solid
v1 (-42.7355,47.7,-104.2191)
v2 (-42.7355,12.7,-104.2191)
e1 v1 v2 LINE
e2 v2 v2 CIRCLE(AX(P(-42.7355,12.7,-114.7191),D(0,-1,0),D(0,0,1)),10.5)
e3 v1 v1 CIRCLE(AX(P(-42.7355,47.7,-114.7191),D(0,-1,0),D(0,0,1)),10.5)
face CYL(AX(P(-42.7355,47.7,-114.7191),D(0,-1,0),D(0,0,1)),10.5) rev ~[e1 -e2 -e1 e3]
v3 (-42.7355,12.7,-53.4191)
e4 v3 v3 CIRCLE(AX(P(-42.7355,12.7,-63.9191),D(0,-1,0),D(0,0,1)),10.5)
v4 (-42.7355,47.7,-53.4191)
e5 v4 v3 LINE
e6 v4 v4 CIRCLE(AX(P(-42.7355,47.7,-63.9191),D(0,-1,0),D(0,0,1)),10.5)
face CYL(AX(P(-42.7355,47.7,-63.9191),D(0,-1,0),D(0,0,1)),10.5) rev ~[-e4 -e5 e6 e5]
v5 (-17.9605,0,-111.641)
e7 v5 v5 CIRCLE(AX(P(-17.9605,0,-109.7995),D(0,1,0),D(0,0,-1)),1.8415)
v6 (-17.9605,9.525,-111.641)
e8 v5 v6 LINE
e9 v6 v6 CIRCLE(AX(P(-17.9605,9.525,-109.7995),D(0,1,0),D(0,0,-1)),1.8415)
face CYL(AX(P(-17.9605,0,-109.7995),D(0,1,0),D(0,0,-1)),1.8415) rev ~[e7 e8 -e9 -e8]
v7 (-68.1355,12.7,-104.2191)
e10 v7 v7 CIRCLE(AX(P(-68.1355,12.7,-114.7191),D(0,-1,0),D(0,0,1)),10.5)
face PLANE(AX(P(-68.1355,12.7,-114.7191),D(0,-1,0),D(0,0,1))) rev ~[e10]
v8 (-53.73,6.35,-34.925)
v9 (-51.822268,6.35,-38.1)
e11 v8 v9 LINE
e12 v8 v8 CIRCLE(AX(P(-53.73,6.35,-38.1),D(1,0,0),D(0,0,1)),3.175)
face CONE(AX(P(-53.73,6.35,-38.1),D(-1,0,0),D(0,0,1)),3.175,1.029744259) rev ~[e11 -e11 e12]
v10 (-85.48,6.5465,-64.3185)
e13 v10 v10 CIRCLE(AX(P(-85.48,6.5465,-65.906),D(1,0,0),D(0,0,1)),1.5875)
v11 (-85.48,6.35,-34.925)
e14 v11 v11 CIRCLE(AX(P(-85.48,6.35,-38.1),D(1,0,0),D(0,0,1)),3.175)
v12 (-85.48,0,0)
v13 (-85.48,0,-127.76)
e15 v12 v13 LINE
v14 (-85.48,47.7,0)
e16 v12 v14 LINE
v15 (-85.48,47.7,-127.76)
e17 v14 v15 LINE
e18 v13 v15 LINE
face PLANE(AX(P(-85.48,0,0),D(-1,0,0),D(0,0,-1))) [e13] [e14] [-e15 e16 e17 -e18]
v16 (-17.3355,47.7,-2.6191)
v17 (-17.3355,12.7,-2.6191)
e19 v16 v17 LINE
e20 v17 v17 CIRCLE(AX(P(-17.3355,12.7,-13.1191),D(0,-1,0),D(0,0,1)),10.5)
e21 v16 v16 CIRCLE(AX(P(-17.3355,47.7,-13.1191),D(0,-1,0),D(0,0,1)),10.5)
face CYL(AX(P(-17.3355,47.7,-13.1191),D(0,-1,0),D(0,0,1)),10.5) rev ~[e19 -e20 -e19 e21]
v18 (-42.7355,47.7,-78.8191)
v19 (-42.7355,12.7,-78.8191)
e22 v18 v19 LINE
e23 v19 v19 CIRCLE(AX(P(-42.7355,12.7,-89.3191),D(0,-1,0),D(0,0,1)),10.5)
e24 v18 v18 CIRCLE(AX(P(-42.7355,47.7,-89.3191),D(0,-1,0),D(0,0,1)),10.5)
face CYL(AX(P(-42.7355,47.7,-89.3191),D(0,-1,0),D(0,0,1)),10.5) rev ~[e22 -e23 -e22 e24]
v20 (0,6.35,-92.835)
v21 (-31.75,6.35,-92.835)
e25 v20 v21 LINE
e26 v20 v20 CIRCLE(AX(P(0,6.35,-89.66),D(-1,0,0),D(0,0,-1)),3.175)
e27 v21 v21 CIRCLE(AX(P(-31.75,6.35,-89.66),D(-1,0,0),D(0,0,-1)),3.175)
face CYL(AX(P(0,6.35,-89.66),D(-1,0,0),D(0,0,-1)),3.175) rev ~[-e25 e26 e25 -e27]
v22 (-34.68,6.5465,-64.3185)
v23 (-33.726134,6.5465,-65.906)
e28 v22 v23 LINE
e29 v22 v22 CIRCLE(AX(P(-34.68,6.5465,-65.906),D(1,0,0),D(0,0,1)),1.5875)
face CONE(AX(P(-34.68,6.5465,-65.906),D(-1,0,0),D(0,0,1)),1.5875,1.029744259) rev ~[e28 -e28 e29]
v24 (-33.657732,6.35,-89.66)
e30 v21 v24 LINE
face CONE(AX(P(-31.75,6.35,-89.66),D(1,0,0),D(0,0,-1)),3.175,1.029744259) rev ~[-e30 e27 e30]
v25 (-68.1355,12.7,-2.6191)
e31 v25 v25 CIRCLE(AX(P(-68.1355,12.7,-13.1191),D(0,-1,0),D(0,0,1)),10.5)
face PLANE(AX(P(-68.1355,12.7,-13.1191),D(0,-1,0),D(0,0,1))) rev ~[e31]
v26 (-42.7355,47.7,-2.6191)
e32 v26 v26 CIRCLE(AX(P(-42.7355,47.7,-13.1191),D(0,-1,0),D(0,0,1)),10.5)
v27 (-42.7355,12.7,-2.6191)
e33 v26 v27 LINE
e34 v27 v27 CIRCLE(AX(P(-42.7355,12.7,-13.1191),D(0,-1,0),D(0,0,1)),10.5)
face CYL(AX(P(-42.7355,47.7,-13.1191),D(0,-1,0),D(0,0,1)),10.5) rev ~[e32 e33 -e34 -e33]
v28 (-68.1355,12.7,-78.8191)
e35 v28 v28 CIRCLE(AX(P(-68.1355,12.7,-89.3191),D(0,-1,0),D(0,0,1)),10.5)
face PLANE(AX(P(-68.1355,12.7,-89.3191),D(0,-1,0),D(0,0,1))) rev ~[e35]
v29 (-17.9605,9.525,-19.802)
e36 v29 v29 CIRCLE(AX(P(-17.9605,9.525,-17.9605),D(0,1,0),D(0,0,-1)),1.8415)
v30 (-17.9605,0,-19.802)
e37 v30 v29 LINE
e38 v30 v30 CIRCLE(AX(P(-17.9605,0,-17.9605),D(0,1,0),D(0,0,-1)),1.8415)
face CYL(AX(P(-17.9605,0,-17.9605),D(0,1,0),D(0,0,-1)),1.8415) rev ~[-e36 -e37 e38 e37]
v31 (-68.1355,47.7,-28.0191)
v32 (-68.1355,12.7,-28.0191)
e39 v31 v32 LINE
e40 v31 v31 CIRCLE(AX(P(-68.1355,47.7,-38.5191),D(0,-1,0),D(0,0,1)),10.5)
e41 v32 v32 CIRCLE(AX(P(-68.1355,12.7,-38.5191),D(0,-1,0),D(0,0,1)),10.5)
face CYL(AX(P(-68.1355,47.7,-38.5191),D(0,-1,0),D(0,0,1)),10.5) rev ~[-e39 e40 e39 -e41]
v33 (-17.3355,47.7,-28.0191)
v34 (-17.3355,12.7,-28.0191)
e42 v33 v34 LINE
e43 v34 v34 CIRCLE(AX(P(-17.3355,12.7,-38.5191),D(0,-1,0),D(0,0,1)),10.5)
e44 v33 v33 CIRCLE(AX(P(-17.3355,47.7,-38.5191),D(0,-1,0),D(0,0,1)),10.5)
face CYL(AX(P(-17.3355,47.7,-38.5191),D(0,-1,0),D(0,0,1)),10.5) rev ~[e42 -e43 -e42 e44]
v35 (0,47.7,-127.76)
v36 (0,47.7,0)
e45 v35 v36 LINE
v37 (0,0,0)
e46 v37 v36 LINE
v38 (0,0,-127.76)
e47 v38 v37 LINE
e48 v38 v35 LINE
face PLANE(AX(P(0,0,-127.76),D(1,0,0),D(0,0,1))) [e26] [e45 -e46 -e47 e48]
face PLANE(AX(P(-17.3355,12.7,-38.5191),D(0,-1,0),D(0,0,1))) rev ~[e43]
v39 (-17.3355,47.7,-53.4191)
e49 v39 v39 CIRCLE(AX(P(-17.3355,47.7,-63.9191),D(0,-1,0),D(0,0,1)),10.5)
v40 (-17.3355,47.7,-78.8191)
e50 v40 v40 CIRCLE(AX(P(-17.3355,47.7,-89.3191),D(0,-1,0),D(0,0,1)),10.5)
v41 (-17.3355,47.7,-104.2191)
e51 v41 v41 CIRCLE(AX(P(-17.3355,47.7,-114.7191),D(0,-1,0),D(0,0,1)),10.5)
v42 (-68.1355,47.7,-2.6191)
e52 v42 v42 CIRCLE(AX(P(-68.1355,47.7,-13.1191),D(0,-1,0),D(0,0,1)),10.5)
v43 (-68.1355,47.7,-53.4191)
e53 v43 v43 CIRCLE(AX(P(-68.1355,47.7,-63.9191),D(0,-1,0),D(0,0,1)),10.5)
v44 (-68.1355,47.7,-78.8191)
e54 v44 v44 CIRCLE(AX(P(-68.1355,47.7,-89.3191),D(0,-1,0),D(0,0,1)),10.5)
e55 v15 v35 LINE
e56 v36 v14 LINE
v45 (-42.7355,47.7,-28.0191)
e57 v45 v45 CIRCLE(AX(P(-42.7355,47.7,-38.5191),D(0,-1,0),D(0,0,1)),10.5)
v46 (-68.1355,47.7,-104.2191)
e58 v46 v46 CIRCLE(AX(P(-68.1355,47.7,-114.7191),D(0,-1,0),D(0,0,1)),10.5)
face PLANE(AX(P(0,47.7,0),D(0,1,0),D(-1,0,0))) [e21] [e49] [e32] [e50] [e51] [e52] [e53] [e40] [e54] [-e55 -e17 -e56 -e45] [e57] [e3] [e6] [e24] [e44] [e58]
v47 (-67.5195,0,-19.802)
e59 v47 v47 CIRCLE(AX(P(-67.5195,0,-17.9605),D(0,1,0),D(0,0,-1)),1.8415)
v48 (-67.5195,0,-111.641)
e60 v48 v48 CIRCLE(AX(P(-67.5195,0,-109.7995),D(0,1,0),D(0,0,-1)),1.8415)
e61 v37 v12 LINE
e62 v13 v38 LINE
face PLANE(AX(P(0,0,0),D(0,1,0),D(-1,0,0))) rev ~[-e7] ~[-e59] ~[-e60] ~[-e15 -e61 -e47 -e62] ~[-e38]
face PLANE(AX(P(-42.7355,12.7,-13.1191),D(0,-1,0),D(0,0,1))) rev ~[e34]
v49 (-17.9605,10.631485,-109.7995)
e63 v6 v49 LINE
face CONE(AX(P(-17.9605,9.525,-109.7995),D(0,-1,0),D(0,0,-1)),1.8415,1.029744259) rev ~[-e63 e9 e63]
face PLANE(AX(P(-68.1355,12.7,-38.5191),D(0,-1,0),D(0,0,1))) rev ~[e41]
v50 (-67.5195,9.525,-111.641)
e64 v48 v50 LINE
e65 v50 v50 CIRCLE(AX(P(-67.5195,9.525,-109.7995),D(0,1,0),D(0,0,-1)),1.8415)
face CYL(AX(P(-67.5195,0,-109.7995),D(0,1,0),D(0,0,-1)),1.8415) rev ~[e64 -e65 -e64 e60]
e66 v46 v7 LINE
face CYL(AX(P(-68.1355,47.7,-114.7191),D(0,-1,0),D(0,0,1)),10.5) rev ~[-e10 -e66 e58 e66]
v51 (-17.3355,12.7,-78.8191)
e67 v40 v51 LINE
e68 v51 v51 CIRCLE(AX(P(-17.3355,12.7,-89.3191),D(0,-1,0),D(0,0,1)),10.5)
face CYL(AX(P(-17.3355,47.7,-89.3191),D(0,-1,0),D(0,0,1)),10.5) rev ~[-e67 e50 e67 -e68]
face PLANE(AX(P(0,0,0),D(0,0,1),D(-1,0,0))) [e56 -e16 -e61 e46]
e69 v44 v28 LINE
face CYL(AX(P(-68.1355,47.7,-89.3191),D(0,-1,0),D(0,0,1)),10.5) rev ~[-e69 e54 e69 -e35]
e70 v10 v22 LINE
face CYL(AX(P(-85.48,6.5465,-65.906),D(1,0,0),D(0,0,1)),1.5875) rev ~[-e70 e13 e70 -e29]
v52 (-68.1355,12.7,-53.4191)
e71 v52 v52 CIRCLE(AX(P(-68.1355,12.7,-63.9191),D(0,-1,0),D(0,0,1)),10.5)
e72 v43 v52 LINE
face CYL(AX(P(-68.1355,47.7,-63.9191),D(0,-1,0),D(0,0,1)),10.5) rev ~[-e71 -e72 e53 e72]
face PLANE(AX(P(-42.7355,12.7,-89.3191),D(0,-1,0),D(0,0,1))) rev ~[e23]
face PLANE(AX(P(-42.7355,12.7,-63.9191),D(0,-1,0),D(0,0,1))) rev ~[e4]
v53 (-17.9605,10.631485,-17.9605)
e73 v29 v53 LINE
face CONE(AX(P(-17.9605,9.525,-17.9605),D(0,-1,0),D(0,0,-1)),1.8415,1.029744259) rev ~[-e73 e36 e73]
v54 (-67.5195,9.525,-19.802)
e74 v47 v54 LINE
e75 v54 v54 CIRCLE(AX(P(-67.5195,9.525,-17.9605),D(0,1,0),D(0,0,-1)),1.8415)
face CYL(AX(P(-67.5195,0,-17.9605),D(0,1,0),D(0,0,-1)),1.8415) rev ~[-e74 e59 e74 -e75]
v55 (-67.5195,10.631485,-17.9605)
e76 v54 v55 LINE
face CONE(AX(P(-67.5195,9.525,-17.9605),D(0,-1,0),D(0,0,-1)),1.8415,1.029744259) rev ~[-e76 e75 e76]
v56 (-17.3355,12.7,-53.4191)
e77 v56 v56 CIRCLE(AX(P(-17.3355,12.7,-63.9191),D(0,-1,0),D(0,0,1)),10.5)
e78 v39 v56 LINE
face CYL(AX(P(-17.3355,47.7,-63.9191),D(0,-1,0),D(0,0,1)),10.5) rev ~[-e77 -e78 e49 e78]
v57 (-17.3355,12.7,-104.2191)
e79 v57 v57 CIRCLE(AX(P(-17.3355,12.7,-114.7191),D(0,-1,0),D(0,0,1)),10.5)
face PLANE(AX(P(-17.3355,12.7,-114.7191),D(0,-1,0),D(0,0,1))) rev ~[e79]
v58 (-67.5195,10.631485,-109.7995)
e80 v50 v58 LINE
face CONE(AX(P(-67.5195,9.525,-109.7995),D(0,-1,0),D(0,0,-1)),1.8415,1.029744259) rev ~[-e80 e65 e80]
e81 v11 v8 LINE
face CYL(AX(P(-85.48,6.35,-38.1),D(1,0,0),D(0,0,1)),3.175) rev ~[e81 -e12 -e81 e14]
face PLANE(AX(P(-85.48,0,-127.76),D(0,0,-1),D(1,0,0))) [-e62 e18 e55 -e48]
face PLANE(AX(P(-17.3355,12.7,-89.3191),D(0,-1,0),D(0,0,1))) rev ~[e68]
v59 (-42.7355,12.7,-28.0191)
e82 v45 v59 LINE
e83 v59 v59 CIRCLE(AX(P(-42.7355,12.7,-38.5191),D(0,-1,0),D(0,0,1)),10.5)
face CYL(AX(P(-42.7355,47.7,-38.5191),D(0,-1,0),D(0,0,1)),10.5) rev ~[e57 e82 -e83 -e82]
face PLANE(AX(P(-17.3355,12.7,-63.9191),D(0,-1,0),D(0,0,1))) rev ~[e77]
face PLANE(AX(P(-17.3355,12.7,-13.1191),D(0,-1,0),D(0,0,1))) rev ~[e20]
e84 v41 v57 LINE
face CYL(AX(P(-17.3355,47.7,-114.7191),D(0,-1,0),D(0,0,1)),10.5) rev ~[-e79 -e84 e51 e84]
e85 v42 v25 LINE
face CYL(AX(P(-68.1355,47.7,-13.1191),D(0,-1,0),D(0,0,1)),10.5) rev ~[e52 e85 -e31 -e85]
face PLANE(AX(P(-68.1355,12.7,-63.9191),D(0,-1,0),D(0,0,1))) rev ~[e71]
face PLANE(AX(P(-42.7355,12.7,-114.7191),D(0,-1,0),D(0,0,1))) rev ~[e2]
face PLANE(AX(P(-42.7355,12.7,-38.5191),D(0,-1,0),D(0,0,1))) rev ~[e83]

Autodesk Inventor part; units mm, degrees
ref_plane "YZ Plane" through (0, 0, 0) normal (1, 0, 0) x (0, 1, 0)
ref_plane "XZ Plane" through (0, 0, 0) normal (0, 1, 0) x (-1, 0, 0)
ref_plane "XY Plane" through (0, 0, 0) normal (0, 0, 1) x (1, 0, 0)
sketch "Sketch1" plane through (0, 0, 0) normal (0, 1, 0) x (-1, 0, 0)
  line L0 (0, 0) -> (85.48, 0)
  line L1 (85.48, 0) -> (85.48, -127.76)
  line L2 (85.48, -127.76) -> (0, -127.76)
  line L3 (0, -127.76) -> (0, 0)
  line L4 (85.48, 0) -> (67.5195, -17.9605)
  line L5 (85.48, 0) -> (110.88, 0) construction
  line L6 (0, 0) -> (17.9605, -17.9605)
  line L7 (85.48, -127.76) -> (67.5195, -109.7995)
  line L8 (85.48, -127.76) -> (110.88, -127.76) construction
  line L9 (0, -127.76) -> (17.9605, -109.7995)
  line L10 (0, -127.76) -> (25.4, -127.76) construction
  dimension "d0" = 85.48
  dimension "d1" = 127.76
  dimension "d2" = 25.4
  dimension "d3" = 135
  dimension "d4" = 25.4
  dimension "d5" = 25.4
  dimension "d6" = 135
  dimension "d7" = 25.4
  dimension "d8" = 45
extrude "Extrusion1" add sketch "Sketch1" along normal blind 47.7
sketch "Sketch2" plane through (0, 0, 0) normal (0, -1, 0) x (1, 0, 0)
  line L0 (-85.48, 0) -> (0, 0) projected
  line L1 (0, 0) -> (-17.9605, -17.9605)
  line L2 (0, 0) -> (25.4, 0) construction
  line L3 (0, 0) -> (0, -127.76) projected
  line L4 (0, -127.76) -> (-17.9605, -109.7995)
  line L5 (0, -127.76) -> (25.4, -127.76) construction
  line L6 (-85.48, -127.76) -> (-85.48, 0) projected
  line L7 (-85.48, 0) -> (-67.5195, -17.9605)
  line L8 (-85.48, 0) -> (-60.08, 0) construction
  line L9 (0, -127.76) -> (-85.48, -127.76) projected
  line L10 (-85.48, -127.76) -> (-67.5195, -109.7995)
  line L11 (-85.48, -127.76) -> (-60.08, -127.76) construction
  dimension "d11" = 25.4
  dimension "d12" = 135
  dimension "d13" = 25.4
  dimension "d14" = 135
  dimension "d15" = 25.4
  dimension "d16" = 45
  dimension "d17" = 25.4
  dimension "d18" = 45
hole "Hole1" at (-17.9605, 0, -17.9605) at (-67.5195, 0, -17.9605) at (-67.5195, 0, -109.7995) at (-17.9605, 0, -109.7995) direction (0, 1, 0) diameter 3.683 depth 9.525 tip angle 118 thread size "10-24 UNC" class "2B" standard "ANSI Unified Screw Threads"
sketch "Sketch4" plane through (0, 47.7, 0) normal (0, 1, 0) x (1, 0, 0)
  line L0 (0, -1.0521) -> (19.05, -1.0521) construction
  line L1 (0, 0) -> (0, 127.76) projected
  line L2 (0, 18.3507) -> (0, 0)
  line L3 (0, 0) -> (-18.7946, 0)
  line L4 (0, 0) -> (-17.3355, 0)
  line L5 (-17.3355, 0) -> (-17.3355, 13.1191)
  line L6 (-17.3355, 13.1191) -> (0, 13.1191)
  line L7 (0, 13.1191) -> (0, 0)
  dimension "d41" = 17.3355
  dimension "d42" = 13.1191
hole "Hole2" at (-17.3355, 47.7, -13.1191) direction (0, -1, 0) diameter 21 depth 35
pattern_linear "Rectangular Pattern1" count 3 spacing 25.4 along (-1, 0, 0) count 5 spacing 25.4 along (0, 0, -1) of "Hole2"
sketch "Sketch5" plane through (-85.48, 0, -127.76) normal (-1, 0, 0) x (0, 0, 1)
  line L0 (127.76, 0) -> (127.76, 47.7) projected
  line L1 (127.76, 0) -> (89.66, 0)
  line L2 (89.66, 0) -> (89.66, 6.35)
  line L3 (89.66, 6.35) -> (127.76, 6.35)
  line L4 (127.76, 6.35) -> (127.76, 0)
  line L5 (62.646, 6.35) -> (127.76, 6.35)
  line L6 (127.76, 6.35) -> (127.76, 0)
  line L7 (127.76, 0) -> (62.646, 0)
  line L8 (62.646, 0) -> (62.646, 6.35)
  dimension "d43" = 38.1
  dimension "d44" = 6.35
hole "Hole3" at (-85.48, 6.35, -38.1) direction (1, 0, 0) diameter 6.35 depth 31.75 tip angle 118
sketch "Sketch6" plane through (-85.48, 0, -127.76) normal (-1, 0, 0) x (0, 0, 1)
  line L0 (61.854, 6.5465) -> (127.76, 6.5465)
  line L1 (127.76, 6.5465) -> (127.76, 0.1965)
  line L2 (127.76, 0.1965) -> (61.854, 0.1965)
  line L3 (61.854, 0.1965) -> (61.854, 6.5465)
  point P0 (127.76, 0)
  dimension "d52" = 6.35
hole "Hole4" at (-85.48, 6.5465, -65.906) direction (1, 0, 0) diameter 3.175 depth 50.8 tip angle 118
sketch "Sketch7" plane through (0, 0, 0) normal (1, 0, 0) x (0, 0, -1)
  line L0 (127.76, 0) -> (0, 0) projected
  line L1 (127.76, 0) -> (89.66, 0)
  line L2 (89.66, 0) -> (89.66, 6.35)
  line L3 (89.66, 6.35) -> (127.76, 6.35)
  line L4 (127.76, 6.35) -> (127.76, 0)
  dimension "d60" = 38.1
  dimension "d61" = 6.35
hole "Hole5" at (0, 6.35, -89.66) direction (-1, 0, 0) diameter 6.35 depth 31.75 tip angle 118
properties part number "Thermal_topplate_5mL"
